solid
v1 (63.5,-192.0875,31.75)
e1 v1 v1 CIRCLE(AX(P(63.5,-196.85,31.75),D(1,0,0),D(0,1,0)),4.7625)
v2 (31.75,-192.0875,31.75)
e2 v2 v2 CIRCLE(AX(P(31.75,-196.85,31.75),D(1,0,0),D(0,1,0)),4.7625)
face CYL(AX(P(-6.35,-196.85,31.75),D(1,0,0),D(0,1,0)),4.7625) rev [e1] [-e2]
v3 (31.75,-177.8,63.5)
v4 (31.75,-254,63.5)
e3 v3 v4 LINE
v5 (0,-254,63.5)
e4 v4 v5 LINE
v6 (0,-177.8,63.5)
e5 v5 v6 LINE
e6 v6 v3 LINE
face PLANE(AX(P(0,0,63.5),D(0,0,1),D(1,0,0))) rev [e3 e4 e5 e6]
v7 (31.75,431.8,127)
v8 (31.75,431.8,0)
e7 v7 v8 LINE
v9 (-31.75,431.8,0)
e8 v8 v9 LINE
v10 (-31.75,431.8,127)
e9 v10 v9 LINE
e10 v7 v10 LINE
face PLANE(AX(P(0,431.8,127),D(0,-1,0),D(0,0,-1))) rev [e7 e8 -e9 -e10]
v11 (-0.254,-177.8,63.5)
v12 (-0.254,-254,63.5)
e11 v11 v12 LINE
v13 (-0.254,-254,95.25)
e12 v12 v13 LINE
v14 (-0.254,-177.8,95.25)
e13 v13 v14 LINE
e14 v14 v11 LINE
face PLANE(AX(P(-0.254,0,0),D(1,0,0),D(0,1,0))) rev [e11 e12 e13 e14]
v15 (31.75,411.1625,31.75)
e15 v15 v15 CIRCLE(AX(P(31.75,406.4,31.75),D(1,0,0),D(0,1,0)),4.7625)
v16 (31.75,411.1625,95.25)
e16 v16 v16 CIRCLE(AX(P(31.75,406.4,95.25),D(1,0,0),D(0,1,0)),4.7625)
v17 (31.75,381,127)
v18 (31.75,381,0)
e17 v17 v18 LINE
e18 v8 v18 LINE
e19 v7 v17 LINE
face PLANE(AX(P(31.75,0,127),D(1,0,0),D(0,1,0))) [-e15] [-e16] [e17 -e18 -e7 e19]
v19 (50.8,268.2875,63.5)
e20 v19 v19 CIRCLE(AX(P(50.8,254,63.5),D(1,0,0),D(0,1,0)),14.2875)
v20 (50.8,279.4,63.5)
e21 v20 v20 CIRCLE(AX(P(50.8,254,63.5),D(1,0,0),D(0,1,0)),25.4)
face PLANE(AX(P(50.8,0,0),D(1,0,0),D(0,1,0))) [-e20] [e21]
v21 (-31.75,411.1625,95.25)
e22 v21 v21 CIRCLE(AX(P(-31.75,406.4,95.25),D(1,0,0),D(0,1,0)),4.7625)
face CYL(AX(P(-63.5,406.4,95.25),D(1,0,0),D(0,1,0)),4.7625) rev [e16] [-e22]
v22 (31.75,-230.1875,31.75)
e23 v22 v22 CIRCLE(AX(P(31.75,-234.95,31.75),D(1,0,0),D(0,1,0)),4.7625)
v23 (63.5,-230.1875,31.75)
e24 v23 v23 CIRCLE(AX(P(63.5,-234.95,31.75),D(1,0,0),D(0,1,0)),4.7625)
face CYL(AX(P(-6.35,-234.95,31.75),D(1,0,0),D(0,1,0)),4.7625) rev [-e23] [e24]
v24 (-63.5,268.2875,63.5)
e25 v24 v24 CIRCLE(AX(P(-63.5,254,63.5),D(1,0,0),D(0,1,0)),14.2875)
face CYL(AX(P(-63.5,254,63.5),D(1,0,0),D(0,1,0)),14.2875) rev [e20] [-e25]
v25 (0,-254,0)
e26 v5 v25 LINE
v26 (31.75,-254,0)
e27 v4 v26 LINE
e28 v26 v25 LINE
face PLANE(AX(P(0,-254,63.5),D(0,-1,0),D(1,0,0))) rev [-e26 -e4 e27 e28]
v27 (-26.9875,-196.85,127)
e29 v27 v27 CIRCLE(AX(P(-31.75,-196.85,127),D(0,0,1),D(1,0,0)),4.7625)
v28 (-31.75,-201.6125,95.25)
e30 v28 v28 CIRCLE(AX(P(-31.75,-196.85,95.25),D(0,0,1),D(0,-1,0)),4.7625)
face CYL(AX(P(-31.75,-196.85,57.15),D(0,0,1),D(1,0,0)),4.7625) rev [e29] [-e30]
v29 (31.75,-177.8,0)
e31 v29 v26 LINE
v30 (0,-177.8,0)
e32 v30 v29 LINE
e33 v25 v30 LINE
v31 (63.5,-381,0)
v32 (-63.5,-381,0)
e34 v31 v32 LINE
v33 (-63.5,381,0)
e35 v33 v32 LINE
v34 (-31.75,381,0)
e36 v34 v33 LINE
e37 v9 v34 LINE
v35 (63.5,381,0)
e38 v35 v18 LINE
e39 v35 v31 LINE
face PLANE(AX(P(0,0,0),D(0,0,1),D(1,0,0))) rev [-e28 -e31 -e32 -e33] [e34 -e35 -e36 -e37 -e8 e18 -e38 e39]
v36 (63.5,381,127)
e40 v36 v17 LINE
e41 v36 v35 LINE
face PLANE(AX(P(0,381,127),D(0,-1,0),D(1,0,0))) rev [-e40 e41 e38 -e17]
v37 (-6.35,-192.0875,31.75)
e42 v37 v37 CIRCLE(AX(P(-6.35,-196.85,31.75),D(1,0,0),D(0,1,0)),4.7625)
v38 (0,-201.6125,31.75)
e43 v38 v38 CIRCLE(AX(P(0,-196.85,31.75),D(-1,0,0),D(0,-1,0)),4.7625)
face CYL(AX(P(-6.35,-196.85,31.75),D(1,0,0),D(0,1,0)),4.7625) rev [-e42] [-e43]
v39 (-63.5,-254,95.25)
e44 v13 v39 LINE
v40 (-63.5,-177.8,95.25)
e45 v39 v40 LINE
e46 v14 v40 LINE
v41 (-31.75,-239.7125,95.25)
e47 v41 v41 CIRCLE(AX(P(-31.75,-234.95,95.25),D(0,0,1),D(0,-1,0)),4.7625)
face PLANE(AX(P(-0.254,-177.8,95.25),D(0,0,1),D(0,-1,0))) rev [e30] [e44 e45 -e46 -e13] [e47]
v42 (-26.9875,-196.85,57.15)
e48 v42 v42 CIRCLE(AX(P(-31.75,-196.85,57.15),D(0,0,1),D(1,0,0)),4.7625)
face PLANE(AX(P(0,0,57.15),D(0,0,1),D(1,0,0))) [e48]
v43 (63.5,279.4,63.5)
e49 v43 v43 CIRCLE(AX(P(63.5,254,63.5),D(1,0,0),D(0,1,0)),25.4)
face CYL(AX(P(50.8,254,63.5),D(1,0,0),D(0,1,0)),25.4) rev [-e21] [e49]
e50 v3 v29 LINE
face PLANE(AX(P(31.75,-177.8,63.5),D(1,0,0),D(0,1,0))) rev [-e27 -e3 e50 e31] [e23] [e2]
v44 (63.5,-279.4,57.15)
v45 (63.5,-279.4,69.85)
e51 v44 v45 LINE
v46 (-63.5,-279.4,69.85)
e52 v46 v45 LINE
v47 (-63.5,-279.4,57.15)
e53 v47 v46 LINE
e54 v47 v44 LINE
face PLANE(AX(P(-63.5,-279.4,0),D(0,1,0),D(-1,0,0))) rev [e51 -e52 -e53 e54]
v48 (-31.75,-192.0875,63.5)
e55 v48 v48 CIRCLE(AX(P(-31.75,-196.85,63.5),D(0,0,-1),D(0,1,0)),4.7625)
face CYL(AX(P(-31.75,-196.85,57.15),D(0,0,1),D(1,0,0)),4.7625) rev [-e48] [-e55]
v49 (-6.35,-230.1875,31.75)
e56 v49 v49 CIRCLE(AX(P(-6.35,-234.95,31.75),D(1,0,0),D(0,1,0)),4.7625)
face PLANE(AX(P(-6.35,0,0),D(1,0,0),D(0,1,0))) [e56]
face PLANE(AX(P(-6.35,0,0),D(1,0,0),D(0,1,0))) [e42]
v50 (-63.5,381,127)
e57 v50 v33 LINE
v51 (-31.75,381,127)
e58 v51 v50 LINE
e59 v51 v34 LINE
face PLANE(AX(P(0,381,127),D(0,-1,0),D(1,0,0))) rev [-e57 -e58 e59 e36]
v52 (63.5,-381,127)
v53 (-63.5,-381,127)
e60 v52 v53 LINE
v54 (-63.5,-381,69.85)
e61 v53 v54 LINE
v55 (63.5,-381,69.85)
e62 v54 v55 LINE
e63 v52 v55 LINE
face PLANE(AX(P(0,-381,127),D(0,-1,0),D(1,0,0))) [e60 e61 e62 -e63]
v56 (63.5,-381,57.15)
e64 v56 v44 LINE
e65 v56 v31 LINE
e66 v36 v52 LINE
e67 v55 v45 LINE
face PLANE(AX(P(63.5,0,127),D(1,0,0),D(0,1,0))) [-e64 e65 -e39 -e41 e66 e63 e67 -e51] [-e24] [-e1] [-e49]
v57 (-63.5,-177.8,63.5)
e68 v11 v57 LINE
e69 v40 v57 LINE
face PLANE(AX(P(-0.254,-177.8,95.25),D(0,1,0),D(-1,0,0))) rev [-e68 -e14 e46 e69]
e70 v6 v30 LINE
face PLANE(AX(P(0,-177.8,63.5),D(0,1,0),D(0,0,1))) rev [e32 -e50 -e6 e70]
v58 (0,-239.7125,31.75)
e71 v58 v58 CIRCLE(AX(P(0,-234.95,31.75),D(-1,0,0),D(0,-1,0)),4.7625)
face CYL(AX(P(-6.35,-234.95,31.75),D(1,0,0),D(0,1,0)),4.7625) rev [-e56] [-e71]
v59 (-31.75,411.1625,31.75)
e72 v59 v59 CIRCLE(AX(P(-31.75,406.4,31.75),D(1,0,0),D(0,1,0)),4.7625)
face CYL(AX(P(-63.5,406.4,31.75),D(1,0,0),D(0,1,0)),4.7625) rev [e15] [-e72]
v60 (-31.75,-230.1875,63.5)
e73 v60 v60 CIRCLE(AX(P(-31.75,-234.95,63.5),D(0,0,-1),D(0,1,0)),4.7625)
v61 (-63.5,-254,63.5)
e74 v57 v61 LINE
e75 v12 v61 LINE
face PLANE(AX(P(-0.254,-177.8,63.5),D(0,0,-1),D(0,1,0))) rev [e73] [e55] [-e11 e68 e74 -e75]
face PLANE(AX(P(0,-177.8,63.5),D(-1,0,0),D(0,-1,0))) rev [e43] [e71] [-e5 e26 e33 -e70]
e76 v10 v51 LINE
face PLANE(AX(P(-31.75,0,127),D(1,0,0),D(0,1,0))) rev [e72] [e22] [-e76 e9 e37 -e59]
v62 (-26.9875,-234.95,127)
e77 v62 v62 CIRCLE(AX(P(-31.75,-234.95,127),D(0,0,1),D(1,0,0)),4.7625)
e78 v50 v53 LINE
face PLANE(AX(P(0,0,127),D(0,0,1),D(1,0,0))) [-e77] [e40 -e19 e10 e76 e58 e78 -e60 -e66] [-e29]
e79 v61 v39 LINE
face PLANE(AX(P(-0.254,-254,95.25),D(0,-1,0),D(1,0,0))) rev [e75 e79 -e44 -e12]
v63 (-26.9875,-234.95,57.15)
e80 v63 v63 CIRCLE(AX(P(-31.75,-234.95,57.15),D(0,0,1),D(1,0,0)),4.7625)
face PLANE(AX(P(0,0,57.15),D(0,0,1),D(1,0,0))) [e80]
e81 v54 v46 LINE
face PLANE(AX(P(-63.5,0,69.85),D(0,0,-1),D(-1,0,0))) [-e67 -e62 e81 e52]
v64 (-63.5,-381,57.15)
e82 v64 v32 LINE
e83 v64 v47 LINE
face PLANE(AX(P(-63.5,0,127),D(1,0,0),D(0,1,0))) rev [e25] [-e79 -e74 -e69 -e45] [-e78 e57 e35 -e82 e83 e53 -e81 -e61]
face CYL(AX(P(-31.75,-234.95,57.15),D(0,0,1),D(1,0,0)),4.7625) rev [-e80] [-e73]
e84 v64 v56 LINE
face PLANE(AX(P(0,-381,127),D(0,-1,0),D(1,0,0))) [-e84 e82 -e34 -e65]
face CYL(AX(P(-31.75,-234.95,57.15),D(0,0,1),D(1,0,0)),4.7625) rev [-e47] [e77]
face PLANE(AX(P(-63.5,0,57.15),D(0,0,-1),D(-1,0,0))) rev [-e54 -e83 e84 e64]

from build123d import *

# Parameters (mm, degrees)
BOSS_EXTRUDE1_DEPTH = 127
SKETCH2_W           = 12.7
SKETCH2_H           = 101.6
SKETCH2_R           = 14.2875
SKETCH2_R_2         = 4.7625
CUT_EXTRUDE1_DEPTH  = 468.663597044
SKETCH3_W           = 31.75
SKETCH3_H           = 76.2
CUT_EXTRUDE2_DEPTH  = 63.5
SKETCH2_3_R         = 25.4
SKETCH2_3_R_2       = 14.2875
CUT_EXTRUDE3_DEPTH  = 12.7
SKETCH4_R           = 4.7625
CUT_EXTRUDE4_DEPTH  = 69.85
SKETCH5_W           = 31.75
SKETCH5_H           = 76.2
CUT_EXTRUDE6_DEPTH  = 63.246
SKETCH6_R           = 4.7625
CUT_EXTRUDE7_DEPTH  = 69.85


with BuildPart() as part:
    # Sketch1 → Boss-Extrude1 (new body)
    with BuildSketch(Plane.XY):
        Polygon((63.5, -381), (63.5, 381), (31.75, 381), (31.75, 431.8), (-31.75, 431.8), (-31.75, 381), (-63.5, 381), (-63.5, -381), align=None)
    extrude(amount=BOSS_EXTRUDE1_DEPTH)

    # Sketch2 → Cut-Extrude1 (cut, through all)
    with BuildSketch(Plane(origin=(63.5, 0, 0), x_dir=(0, 0, -1), z_dir=(1, 0, 0))):
        with Locations((-63.5, -330.2)):
            Rectangle(SKETCH2_W, SKETCH2_H)
        with Locations((-63.5, 254)):
            Circle(SKETCH2_R)
        with Locations((-95.25, 406.4)):
            Circle(SKETCH2_R_2)
        with Locations((-31.75, 406.4)):
            Circle(SKETCH2_R_2)
    extrude(amount=-CUT_EXTRUDE1_DEPTH, mode=Mode.SUBTRACT)

    # Sketch3 → Cut-Extrude2 (cut)
    with BuildSketch(Plane(origin=(0, 0, 0), x_dir=(-1, 0, 0), z_dir=(0, 0, -1))):
        with Locations((-15.875, -215.9)):
            Rectangle(SKETCH3_W, SKETCH3_H)
    extrude(amount=-CUT_EXTRUDE2_DEPTH, mode=Mode.SUBTRACT)

    # Sketch2<3> → Cut-Extrude3 (cut)
    with BuildSketch(Plane(origin=(63.5, 0, 0), x_dir=(0, 0, -1), z_dir=(1, 0, 0))):
        with Locations((-63.5, 254)):
            Circle(SKETCH2_3_R)
        with Locations((-63.5, 254)):
            Circle(SKETCH2_3_R_2, mode=Mode.SUBTRACT)
    extrude(amount=-CUT_EXTRUDE3_DEPTH, mode=Mode.SUBTRACT)

    # Sketch4 → Cut-Extrude4 (cut)
    with BuildSketch(Plane(origin=(63.5, 0, 0), x_dir=(0, 0, -1), z_dir=(1, 0, 0))):
        with Locations((-31.75, -196.85)):
            Circle(SKETCH4_R)
        with Locations((-31.75, -234.95)):
            Circle(SKETCH4_R)
    extrude(amount=-CUT_EXTRUDE4_DEPTH, mode=Mode.SUBTRACT)

    # Sketch5 → Cut-Extrude6 (cut)
    with BuildSketch(Plane.ZY.offset(63.5)):
        with Locations((79.375, -215.9)):
            Rectangle(SKETCH5_W, SKETCH5_H)
    extrude(amount=-CUT_EXTRUDE6_DEPTH, mode=Mode.SUBTRACT)

    # Sketch6 → Cut-Extrude7 (cut)
    with BuildSketch(Plane.XY.offset(127)):
        with Locations((-31.75, -196.85)):
            Circle(SKETCH6_R)
        with Locations((-31.75, -234.95)):
            Circle(SKETCH6_R)
    extrude(amount=-CUT_EXTRUDE7_DEPTH, mode=Mode.SUBTRACT)


solid = part.part
